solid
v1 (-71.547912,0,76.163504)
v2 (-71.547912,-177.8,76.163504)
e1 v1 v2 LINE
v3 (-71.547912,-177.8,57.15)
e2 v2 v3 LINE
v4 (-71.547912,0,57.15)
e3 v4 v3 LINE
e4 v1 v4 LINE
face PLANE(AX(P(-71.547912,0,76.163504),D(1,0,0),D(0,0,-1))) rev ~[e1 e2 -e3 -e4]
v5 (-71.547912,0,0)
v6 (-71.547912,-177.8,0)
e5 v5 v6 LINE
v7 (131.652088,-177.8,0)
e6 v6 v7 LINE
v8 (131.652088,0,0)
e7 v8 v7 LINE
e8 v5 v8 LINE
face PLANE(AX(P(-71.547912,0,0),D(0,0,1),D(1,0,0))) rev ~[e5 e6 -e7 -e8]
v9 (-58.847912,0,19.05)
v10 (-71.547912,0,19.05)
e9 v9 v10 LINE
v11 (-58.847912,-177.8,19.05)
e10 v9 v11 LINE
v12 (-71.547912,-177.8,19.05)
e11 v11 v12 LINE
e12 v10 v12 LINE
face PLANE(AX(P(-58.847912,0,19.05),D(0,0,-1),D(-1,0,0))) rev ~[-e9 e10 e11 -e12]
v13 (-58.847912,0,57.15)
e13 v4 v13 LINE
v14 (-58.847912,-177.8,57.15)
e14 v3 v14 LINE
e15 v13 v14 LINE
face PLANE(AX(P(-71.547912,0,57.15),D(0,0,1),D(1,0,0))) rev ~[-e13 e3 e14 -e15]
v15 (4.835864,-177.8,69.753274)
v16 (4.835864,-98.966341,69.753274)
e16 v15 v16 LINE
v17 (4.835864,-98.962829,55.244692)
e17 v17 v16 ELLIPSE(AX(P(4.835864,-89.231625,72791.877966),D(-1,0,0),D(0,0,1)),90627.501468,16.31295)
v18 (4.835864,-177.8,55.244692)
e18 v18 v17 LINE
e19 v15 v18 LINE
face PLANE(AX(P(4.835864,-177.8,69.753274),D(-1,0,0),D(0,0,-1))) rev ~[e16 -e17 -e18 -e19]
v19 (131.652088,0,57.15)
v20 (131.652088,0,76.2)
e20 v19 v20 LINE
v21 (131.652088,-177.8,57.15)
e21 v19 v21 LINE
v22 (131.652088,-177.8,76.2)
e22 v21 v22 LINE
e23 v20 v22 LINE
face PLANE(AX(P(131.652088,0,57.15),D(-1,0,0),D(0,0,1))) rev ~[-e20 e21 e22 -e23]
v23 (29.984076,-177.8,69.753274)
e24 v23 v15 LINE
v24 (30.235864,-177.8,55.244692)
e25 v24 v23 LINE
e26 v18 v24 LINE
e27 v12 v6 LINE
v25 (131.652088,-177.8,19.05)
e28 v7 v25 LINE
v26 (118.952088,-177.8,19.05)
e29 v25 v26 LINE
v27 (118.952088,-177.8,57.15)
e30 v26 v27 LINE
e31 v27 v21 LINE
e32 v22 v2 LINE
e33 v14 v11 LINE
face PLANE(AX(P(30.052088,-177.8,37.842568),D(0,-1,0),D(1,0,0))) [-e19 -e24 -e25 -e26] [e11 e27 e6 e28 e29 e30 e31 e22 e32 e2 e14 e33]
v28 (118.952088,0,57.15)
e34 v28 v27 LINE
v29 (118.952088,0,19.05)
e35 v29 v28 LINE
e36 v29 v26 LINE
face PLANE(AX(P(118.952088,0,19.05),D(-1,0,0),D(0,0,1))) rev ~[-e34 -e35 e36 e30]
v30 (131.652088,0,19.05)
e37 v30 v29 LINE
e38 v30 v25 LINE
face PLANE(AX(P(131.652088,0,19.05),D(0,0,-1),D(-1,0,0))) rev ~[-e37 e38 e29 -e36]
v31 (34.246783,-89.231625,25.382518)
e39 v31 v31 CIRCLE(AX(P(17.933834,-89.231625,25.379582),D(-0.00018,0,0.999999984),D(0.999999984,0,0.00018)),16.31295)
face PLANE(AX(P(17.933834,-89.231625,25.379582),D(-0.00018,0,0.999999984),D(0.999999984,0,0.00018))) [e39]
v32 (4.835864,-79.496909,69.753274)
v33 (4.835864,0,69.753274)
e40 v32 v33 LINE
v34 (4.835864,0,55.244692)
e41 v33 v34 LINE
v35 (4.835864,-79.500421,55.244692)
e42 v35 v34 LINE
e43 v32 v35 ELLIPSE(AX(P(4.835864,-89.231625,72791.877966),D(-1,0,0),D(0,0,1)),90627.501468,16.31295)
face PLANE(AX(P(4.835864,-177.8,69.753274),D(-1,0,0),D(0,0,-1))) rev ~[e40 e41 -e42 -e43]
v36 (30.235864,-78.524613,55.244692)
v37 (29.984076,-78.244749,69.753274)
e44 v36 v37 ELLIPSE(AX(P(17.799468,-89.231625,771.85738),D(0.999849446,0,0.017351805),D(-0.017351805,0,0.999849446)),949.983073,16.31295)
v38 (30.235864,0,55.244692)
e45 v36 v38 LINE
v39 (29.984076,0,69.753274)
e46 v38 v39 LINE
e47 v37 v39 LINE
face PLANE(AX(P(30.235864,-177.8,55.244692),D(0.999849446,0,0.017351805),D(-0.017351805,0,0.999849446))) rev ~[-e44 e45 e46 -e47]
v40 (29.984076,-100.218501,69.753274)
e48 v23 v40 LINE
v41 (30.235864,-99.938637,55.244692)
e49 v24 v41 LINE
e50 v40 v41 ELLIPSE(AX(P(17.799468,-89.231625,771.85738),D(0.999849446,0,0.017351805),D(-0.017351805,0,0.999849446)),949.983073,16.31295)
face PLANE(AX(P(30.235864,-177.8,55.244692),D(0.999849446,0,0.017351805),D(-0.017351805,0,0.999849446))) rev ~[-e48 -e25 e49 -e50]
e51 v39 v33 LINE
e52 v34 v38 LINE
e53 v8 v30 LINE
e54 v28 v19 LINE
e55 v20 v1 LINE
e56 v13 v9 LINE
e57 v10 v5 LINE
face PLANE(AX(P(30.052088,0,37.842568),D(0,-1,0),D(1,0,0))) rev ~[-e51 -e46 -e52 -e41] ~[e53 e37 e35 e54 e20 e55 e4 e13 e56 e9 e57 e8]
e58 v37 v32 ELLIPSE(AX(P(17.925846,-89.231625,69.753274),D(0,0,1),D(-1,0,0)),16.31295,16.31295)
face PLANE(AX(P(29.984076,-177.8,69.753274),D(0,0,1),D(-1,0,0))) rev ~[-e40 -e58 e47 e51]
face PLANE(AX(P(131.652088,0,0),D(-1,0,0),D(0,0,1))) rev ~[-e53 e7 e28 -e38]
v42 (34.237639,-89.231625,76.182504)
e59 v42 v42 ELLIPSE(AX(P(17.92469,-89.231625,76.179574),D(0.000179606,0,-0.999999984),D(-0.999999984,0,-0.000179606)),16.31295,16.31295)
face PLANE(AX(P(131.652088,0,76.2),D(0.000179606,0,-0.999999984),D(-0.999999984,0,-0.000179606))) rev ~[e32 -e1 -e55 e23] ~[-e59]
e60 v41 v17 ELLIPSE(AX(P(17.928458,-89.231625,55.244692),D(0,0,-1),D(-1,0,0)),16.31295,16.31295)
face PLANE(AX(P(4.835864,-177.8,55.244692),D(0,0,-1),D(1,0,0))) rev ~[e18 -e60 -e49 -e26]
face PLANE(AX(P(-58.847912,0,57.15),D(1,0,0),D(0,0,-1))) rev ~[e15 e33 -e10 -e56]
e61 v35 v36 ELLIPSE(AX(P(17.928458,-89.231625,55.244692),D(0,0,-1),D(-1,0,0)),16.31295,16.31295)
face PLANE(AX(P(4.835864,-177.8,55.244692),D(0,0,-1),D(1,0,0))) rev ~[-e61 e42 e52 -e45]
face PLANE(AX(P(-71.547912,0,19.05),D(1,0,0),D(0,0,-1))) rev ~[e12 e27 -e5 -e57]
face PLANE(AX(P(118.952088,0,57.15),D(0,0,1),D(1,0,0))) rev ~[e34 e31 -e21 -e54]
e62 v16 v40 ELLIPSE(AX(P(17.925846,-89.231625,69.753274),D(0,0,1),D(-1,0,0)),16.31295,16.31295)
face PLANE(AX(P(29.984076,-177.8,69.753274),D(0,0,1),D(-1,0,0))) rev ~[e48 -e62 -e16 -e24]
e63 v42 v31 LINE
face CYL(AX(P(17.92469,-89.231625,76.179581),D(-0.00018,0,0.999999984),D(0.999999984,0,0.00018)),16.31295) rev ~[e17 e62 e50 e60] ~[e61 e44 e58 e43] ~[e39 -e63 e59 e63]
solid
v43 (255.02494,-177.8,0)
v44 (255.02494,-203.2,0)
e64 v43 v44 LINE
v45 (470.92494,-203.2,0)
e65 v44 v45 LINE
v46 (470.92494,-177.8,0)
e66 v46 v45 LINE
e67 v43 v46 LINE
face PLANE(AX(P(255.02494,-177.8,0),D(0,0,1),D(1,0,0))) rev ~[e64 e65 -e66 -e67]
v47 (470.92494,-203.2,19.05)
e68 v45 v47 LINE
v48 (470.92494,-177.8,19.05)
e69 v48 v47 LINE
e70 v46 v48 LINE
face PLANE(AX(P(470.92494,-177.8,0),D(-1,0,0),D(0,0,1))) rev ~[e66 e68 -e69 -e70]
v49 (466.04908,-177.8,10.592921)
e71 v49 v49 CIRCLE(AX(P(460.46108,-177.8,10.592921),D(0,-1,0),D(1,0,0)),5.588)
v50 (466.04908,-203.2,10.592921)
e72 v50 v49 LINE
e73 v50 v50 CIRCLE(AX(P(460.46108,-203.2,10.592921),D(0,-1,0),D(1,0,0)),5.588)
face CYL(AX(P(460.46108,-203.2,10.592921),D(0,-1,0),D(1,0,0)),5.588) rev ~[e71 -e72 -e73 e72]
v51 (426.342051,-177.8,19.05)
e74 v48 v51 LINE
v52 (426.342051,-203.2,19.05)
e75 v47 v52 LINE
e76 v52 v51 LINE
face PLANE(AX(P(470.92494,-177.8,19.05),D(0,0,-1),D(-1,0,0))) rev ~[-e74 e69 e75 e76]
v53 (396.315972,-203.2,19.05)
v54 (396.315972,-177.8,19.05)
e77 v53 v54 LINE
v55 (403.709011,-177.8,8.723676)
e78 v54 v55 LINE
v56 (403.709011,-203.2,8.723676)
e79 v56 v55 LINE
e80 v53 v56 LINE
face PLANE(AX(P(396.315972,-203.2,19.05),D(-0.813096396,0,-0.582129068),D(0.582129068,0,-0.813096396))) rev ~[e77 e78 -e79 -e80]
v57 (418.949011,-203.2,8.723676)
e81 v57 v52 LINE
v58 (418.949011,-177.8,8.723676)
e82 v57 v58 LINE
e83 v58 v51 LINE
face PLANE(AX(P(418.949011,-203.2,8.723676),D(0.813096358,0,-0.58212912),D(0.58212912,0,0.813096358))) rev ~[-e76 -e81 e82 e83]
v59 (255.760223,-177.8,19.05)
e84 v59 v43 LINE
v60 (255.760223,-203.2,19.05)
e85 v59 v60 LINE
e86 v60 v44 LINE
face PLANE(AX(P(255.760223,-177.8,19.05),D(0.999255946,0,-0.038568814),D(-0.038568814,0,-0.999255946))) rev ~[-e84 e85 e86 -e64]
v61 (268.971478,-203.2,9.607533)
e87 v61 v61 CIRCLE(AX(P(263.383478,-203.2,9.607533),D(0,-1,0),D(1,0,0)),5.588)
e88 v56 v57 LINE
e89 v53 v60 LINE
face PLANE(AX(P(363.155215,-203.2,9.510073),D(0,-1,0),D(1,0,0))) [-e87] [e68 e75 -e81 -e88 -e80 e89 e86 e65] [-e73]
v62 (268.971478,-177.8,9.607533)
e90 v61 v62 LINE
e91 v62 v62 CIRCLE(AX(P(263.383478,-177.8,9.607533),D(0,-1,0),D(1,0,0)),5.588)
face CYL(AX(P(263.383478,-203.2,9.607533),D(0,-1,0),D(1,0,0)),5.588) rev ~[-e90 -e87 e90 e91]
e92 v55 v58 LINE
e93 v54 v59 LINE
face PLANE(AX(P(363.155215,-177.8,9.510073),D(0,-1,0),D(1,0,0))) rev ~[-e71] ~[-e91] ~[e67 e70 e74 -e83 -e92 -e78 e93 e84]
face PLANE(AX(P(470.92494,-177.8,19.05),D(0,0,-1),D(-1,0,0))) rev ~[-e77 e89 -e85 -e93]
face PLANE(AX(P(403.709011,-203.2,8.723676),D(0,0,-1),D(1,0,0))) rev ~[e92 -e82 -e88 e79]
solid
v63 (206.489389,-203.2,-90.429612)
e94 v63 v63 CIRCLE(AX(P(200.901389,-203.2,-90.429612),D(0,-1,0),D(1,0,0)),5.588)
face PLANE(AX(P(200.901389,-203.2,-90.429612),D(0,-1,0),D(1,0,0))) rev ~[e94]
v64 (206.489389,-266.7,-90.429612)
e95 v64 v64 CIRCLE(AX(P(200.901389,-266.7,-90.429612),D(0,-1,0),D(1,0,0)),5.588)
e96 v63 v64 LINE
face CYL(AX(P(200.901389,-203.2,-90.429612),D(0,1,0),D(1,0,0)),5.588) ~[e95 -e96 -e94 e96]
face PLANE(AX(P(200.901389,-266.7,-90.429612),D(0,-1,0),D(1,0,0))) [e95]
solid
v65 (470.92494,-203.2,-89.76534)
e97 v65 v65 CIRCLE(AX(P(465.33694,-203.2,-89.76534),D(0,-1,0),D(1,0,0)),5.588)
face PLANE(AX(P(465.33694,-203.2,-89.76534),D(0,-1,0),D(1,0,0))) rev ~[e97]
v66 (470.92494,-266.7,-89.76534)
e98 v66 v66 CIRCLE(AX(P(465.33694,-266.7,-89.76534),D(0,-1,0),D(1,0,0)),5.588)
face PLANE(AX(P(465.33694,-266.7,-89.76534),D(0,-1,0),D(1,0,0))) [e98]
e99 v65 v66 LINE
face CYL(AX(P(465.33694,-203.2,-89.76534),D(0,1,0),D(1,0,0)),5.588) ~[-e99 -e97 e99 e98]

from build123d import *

# Parameters (mm, degrees)
F0_W      = 25.4
F0_H      = 19.05
F1_DEPTH  = 177.8
F3_DEPTH  = 177.8
F4_R      = 16.31295
F5_DEPTH  = 50.8
F7_DEPTH  = 25.4
F9_DEPTH  = 25.4
F10_R     = 5.588
F11_DEPTH = 25.4
F12_R     = 5.588
F13_DEPTH = 25.4
F14_R     = 5.588
F15_DEPTH = 63.5
F16_R     = 5.588
F17_DEPTH = 63.5


with BuildPart() as f1:
    # F0 (on Front) → F1 (new body)
    with BuildSketch(Plane.XZ):
        Polygon((-58.847912, 57.15), (-58.847912, 19.05), (118.952088, 19.05), (118.952088, 57.15), (42.752088, 57.15), (42.752088, 38.1), (17.352088, 38.1), (17.352088, 57.15), align=None)
        Polygon((-71.547912, 19.05), (-71.547912, 0), (131.652088, 0), (131.652088, 19.05), (118.952088, 19.05), (-58.847912, 19.05), align=None)
        Polygon((-71.547912, 57.15), (-58.847912, 57.15), (17.352088, 57.15), (42.752088, 57.15), (118.952088, 57.15), (131.652088, 57.15), (131.652088, 76.2), (-71.547912, 76.163504), align=None)
        with Locations((30.052088, 47.625)):
            Rectangle(F0_W, F0_H)
    extrude(amount=F1_DEPTH)

    # F2 (on face) → F3 (cut)
    with BuildSketch(Plane.XZ.offset(177.8)):
        Polygon((29.984076, 69.753274), (4.835864, 69.753274), (4.835864, 55.244692), (30.235864, 55.244692), align=None)
    extrude(amount=-F3_DEPTH, mode=Mode.SUBTRACT)

    # F4 (on face) → F5 (cut)
    with BuildSketch(Plane(origin=(-0.013682, 0, 76.176352), x_dir=(1, 0, 0.00018), z_dir=(-0.00018, 0, 1))):
        with Locations((17.938372, -89.231625)):
            Circle(F4_R)
    extrude(amount=-F5_DEPTH, mode=Mode.SUBTRACT)


with BuildPart() as f7:
    # F6 (on face) → F7 (new body)
    with BuildSketch(Plane.XZ.offset(177.8)):
        Polygon((255.760223, 19.05), (255.02494, 0), (470.92494, 0), (470.92494, 19.05), align=None)
    extrude(amount=F7_DEPTH)

    # F8 (on face) → F9 (cut)
    with BuildSketch(Plane.XZ.offset(203.2)):
        Polygon((426.342051, 19.05), (396.315972, 19.05), (403.709011, 8.723676), (418.949011, 8.723676), align=None)
    extrude(amount=-F9_DEPTH, mode=Mode.SUBTRACT)

    # F10 (on face) → F11 (cut)
    with BuildSketch(Plane.XZ.offset(203.2)):
        with Locations((263.383478, 9.607533)):
            Circle(F10_R)
    extrude(amount=-F11_DEPTH, mode=Mode.SUBTRACT)

    # F12 (on face) → F13 (cut)
    with BuildSketch(Plane.XZ.offset(203.2)):
        with Locations((460.46108, 10.592921)):
            Circle(F12_R)
    extrude(amount=-F13_DEPTH, mode=Mode.SUBTRACT)


with BuildPart() as f15:
    # F14 (on face) → F15 (new body)
    with BuildSketch(Plane.XZ.offset(203.2)):
        with Locations((200.901389, -90.429612)):
            Circle(F14_R)
    extrude(amount=F15_DEPTH)


with BuildPart() as f17:
    # F16 (on face) → F17 (new body)
    with BuildSketch(Plane.XZ.offset(203.2)):
        with Locations((465.33694, -89.76534)):
            Circle(F16_R)
    extrude(amount=F17_DEPTH)


solid = Compound([f1.part, f7.part, f15.part, f17.part])
